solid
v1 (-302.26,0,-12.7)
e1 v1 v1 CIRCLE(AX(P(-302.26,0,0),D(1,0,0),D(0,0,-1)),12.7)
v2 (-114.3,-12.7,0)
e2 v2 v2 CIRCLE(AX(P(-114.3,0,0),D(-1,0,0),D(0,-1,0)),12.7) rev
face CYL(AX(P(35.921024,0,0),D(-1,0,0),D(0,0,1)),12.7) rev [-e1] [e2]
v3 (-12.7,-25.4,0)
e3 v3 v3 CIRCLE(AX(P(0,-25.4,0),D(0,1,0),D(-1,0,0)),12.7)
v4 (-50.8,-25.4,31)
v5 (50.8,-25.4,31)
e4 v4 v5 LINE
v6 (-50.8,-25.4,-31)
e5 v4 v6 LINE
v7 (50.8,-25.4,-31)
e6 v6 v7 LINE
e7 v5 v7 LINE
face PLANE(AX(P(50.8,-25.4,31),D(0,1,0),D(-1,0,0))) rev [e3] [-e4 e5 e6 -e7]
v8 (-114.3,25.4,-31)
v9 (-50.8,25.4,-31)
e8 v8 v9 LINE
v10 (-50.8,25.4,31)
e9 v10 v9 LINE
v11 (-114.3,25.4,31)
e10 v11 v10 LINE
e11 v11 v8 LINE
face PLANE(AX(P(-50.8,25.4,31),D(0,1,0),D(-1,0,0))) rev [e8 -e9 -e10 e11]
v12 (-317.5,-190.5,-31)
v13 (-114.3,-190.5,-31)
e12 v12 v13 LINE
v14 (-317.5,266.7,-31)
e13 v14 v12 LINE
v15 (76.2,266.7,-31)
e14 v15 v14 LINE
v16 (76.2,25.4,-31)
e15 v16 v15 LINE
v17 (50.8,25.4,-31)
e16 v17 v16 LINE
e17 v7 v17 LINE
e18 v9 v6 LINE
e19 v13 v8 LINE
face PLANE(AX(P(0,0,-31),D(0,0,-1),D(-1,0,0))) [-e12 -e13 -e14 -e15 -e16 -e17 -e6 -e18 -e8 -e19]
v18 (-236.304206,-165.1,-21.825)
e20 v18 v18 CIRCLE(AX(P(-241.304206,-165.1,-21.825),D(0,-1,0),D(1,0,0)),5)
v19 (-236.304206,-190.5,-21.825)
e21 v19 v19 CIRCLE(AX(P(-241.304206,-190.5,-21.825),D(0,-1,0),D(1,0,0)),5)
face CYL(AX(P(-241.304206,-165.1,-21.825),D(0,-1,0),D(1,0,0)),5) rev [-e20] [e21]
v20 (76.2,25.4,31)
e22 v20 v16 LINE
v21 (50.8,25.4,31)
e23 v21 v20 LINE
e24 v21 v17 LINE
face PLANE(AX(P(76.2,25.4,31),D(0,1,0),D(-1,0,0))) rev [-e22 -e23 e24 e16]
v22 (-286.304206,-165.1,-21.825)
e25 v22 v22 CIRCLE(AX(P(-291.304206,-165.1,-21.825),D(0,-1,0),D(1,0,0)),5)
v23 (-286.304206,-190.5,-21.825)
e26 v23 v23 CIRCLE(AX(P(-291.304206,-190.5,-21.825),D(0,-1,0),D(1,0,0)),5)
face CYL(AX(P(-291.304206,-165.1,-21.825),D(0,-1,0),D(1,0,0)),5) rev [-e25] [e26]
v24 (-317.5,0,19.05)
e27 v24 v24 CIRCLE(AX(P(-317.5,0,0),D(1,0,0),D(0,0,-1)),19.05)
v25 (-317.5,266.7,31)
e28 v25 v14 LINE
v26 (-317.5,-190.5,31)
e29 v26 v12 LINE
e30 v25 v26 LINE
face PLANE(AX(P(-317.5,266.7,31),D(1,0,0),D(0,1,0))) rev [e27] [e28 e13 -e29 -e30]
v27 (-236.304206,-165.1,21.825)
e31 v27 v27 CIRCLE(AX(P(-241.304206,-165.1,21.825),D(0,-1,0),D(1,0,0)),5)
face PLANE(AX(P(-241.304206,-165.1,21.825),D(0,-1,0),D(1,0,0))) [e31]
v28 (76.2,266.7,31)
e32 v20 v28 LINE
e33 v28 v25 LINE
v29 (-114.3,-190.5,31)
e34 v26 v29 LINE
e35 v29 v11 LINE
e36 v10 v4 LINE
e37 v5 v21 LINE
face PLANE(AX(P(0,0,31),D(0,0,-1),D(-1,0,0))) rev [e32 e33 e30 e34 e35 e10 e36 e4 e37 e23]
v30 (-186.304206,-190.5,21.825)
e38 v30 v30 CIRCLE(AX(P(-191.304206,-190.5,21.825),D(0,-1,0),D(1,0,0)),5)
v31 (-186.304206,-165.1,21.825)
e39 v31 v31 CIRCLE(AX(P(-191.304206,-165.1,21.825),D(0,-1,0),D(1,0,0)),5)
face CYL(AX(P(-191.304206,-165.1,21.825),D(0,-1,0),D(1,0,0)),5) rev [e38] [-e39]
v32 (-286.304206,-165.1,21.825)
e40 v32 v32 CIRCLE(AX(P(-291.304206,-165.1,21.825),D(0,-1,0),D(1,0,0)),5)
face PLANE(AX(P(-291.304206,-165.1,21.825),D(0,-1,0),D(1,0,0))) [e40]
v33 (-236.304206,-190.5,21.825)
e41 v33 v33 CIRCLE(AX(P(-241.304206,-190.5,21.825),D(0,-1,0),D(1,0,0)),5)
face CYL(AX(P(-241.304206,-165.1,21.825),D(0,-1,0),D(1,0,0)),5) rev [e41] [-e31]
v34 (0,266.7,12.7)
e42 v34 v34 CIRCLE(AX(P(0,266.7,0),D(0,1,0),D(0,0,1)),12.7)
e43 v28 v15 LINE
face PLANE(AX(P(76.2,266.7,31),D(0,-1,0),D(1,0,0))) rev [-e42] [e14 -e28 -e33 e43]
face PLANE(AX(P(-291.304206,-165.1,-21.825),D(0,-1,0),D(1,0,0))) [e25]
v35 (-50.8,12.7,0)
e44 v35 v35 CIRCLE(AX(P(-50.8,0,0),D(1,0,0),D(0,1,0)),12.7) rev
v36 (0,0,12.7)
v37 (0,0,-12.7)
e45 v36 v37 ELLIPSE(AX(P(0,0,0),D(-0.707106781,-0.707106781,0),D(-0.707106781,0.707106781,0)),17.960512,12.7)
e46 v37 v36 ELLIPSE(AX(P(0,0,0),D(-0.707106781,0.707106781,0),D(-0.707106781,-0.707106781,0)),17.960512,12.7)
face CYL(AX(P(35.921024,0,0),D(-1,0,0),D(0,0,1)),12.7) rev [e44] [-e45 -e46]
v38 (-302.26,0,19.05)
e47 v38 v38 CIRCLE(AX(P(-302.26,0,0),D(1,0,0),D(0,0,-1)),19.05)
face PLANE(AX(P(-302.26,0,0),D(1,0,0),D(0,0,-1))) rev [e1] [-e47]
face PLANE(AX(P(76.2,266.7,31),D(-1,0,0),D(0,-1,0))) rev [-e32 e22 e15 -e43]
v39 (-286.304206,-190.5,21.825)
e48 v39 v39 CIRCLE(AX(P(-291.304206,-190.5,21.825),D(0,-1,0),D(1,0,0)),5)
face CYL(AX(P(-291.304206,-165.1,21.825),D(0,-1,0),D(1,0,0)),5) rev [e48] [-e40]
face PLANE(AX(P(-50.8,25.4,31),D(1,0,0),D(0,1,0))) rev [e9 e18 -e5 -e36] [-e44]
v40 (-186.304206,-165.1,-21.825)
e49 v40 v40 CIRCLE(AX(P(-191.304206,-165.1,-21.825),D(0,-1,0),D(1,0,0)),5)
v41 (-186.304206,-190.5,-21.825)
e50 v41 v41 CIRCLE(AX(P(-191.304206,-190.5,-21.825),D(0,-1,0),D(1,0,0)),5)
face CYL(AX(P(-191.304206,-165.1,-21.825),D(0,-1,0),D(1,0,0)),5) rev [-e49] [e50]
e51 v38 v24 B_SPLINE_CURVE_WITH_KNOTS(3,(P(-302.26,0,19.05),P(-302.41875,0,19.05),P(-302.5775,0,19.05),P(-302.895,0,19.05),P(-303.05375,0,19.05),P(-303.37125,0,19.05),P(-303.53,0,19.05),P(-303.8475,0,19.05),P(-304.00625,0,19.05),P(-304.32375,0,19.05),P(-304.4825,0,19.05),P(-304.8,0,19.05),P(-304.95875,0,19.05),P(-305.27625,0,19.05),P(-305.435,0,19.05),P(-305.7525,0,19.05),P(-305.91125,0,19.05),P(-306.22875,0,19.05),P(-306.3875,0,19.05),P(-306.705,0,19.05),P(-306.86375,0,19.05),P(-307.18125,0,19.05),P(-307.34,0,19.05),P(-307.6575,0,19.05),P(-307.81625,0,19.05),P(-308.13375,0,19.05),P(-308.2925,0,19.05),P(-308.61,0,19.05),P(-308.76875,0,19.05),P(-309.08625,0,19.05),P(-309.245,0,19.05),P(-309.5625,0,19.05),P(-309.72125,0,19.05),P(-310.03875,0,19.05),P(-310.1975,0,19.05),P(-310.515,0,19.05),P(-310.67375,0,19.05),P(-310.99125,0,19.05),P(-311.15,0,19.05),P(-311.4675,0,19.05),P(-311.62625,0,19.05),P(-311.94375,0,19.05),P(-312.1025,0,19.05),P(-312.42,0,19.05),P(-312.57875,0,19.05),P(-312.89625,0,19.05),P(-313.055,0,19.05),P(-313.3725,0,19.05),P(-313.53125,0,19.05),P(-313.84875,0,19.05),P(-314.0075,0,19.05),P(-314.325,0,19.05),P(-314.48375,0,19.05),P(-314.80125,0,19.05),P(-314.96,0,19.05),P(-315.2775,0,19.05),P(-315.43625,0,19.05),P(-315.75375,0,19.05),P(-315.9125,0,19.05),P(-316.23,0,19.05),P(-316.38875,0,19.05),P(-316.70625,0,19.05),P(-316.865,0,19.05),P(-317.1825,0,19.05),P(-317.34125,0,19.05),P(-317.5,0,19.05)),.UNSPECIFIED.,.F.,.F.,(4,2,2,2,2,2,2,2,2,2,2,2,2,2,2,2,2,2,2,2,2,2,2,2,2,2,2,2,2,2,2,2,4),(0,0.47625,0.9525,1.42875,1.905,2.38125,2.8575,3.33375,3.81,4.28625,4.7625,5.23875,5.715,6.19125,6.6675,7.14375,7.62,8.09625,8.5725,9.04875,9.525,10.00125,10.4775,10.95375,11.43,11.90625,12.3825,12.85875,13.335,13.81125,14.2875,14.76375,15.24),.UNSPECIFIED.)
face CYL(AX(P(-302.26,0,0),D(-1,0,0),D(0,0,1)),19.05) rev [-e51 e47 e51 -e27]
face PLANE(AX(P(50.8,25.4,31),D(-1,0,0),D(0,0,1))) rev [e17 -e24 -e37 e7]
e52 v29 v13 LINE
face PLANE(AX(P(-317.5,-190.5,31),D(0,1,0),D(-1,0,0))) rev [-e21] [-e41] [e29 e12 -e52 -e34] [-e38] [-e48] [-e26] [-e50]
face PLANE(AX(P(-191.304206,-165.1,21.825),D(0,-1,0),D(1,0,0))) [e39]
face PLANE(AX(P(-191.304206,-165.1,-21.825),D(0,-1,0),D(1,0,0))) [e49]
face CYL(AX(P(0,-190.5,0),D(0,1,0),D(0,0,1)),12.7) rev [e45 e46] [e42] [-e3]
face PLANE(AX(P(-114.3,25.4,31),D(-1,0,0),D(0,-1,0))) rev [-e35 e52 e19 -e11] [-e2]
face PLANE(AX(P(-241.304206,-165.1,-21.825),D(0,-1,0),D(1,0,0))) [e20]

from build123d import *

# Parameters (mm, degrees)
BOSS_EXTRUDE3_DEPTH     = 31
SKETCH2_R               = 12.7
CUT_EXTRUDE1_DEPTH      = 317.5
CUT_EXTRUDE3_DEPTH      = 416.807816184
CUT_EXTRUDE3_DEPTH_BACK = 416.807816184
SKETCH6_R               = 12.7
SKETCH3_R               = 19.05
CUT_EXTRUDE4_DEPTH      = 15.24
SKETCH7_R               = 5
CUT_EXTRUDE5_DEPTH      = 25.4


with BuildPart() as part:
    # Sketch5 → Boss-Extrude3 (new, symmetric)
    with BuildSketch(Plane.XY):
        Polygon((76.2, 266.7), (-317.5, 266.7), (-317.5, -190.5), (-114.3, -190.5), (-114.3, 25.4), (-50.8, 25.4), (-50.8, -25.4), (50.8, -25.4), (50.8, 25.4), (76.2, 25.4), align=None)
    extrude(amount=BOSS_EXTRUDE3_DEPTH, both=True)

    # Sketch2 → Cut-Extrude1 (cut)
    with BuildSketch(Plane(origin=(-317.5, 0, -457.2), x_dir=(0, 0, -1), z_dir=(1, 0, 0))):
        with Locations(Location((-457.2, 0, 0), (0, 0, 90))):
            Circle(SKETCH2_R)
    extrude(amount=CUT_EXTRUDE1_DEPTH, mode=Mode.SUBTRACT)

    # Sketch6 → Cut-Extrude3 (cut, two sides: drawn at the far end of the back side and taken through both)
    with BuildSketch(Plane(origin=(0, 0, 0), x_dir=(1, 0, 0), z_dir=(0, 1, 0)).offset(-CUT_EXTRUDE3_DEPTH_BACK)):
        with Locations(Location((0, 0, 0), (0, 0, 270))):
            Circle(SKETCH6_R)
    extrude(amount=CUT_EXTRUDE3_DEPTH + CUT_EXTRUDE3_DEPTH_BACK, mode=Mode.SUBTRACT)

    # Sketch3 → Cut-Extrude4 (cut)
    with BuildSketch(Plane(origin=(-317.5, 0, -457.2), x_dir=(0, 0, -1), z_dir=(1, 0, 0))):
        with Locations(Location((-457.2, 0, 0), (0, 0, 180))):
            Circle(SKETCH3_R)
    extrude(amount=CUT_EXTRUDE4_DEPTH, mode=Mode.SUBTRACT)

    # Sketch7 → Cut-Extrude5 (cut)
    with BuildSketch(Plane.XZ.offset(190.5)):
        with Locations((-291.304206057, 21.825)):
            Circle(SKETCH7_R)
        with Locations((-291.304206057, -21.825)):
            Circle(SKETCH7_R)
        with Locations((-241.304206057, 21.825)):
            Circle(SKETCH7_R)
        with Locations((-241.304206057, -21.825)):
            Circle(SKETCH7_R)
        with Locations((-191.304206057, 21.825)):
            Circle(SKETCH7_R)
        with Locations((-191.304206057, -21.825)):
            Circle(SKETCH7_R)
    extrude(amount=-CUT_EXTRUDE5_DEPTH, mode=Mode.SUBTRACT)


solid = part.part
